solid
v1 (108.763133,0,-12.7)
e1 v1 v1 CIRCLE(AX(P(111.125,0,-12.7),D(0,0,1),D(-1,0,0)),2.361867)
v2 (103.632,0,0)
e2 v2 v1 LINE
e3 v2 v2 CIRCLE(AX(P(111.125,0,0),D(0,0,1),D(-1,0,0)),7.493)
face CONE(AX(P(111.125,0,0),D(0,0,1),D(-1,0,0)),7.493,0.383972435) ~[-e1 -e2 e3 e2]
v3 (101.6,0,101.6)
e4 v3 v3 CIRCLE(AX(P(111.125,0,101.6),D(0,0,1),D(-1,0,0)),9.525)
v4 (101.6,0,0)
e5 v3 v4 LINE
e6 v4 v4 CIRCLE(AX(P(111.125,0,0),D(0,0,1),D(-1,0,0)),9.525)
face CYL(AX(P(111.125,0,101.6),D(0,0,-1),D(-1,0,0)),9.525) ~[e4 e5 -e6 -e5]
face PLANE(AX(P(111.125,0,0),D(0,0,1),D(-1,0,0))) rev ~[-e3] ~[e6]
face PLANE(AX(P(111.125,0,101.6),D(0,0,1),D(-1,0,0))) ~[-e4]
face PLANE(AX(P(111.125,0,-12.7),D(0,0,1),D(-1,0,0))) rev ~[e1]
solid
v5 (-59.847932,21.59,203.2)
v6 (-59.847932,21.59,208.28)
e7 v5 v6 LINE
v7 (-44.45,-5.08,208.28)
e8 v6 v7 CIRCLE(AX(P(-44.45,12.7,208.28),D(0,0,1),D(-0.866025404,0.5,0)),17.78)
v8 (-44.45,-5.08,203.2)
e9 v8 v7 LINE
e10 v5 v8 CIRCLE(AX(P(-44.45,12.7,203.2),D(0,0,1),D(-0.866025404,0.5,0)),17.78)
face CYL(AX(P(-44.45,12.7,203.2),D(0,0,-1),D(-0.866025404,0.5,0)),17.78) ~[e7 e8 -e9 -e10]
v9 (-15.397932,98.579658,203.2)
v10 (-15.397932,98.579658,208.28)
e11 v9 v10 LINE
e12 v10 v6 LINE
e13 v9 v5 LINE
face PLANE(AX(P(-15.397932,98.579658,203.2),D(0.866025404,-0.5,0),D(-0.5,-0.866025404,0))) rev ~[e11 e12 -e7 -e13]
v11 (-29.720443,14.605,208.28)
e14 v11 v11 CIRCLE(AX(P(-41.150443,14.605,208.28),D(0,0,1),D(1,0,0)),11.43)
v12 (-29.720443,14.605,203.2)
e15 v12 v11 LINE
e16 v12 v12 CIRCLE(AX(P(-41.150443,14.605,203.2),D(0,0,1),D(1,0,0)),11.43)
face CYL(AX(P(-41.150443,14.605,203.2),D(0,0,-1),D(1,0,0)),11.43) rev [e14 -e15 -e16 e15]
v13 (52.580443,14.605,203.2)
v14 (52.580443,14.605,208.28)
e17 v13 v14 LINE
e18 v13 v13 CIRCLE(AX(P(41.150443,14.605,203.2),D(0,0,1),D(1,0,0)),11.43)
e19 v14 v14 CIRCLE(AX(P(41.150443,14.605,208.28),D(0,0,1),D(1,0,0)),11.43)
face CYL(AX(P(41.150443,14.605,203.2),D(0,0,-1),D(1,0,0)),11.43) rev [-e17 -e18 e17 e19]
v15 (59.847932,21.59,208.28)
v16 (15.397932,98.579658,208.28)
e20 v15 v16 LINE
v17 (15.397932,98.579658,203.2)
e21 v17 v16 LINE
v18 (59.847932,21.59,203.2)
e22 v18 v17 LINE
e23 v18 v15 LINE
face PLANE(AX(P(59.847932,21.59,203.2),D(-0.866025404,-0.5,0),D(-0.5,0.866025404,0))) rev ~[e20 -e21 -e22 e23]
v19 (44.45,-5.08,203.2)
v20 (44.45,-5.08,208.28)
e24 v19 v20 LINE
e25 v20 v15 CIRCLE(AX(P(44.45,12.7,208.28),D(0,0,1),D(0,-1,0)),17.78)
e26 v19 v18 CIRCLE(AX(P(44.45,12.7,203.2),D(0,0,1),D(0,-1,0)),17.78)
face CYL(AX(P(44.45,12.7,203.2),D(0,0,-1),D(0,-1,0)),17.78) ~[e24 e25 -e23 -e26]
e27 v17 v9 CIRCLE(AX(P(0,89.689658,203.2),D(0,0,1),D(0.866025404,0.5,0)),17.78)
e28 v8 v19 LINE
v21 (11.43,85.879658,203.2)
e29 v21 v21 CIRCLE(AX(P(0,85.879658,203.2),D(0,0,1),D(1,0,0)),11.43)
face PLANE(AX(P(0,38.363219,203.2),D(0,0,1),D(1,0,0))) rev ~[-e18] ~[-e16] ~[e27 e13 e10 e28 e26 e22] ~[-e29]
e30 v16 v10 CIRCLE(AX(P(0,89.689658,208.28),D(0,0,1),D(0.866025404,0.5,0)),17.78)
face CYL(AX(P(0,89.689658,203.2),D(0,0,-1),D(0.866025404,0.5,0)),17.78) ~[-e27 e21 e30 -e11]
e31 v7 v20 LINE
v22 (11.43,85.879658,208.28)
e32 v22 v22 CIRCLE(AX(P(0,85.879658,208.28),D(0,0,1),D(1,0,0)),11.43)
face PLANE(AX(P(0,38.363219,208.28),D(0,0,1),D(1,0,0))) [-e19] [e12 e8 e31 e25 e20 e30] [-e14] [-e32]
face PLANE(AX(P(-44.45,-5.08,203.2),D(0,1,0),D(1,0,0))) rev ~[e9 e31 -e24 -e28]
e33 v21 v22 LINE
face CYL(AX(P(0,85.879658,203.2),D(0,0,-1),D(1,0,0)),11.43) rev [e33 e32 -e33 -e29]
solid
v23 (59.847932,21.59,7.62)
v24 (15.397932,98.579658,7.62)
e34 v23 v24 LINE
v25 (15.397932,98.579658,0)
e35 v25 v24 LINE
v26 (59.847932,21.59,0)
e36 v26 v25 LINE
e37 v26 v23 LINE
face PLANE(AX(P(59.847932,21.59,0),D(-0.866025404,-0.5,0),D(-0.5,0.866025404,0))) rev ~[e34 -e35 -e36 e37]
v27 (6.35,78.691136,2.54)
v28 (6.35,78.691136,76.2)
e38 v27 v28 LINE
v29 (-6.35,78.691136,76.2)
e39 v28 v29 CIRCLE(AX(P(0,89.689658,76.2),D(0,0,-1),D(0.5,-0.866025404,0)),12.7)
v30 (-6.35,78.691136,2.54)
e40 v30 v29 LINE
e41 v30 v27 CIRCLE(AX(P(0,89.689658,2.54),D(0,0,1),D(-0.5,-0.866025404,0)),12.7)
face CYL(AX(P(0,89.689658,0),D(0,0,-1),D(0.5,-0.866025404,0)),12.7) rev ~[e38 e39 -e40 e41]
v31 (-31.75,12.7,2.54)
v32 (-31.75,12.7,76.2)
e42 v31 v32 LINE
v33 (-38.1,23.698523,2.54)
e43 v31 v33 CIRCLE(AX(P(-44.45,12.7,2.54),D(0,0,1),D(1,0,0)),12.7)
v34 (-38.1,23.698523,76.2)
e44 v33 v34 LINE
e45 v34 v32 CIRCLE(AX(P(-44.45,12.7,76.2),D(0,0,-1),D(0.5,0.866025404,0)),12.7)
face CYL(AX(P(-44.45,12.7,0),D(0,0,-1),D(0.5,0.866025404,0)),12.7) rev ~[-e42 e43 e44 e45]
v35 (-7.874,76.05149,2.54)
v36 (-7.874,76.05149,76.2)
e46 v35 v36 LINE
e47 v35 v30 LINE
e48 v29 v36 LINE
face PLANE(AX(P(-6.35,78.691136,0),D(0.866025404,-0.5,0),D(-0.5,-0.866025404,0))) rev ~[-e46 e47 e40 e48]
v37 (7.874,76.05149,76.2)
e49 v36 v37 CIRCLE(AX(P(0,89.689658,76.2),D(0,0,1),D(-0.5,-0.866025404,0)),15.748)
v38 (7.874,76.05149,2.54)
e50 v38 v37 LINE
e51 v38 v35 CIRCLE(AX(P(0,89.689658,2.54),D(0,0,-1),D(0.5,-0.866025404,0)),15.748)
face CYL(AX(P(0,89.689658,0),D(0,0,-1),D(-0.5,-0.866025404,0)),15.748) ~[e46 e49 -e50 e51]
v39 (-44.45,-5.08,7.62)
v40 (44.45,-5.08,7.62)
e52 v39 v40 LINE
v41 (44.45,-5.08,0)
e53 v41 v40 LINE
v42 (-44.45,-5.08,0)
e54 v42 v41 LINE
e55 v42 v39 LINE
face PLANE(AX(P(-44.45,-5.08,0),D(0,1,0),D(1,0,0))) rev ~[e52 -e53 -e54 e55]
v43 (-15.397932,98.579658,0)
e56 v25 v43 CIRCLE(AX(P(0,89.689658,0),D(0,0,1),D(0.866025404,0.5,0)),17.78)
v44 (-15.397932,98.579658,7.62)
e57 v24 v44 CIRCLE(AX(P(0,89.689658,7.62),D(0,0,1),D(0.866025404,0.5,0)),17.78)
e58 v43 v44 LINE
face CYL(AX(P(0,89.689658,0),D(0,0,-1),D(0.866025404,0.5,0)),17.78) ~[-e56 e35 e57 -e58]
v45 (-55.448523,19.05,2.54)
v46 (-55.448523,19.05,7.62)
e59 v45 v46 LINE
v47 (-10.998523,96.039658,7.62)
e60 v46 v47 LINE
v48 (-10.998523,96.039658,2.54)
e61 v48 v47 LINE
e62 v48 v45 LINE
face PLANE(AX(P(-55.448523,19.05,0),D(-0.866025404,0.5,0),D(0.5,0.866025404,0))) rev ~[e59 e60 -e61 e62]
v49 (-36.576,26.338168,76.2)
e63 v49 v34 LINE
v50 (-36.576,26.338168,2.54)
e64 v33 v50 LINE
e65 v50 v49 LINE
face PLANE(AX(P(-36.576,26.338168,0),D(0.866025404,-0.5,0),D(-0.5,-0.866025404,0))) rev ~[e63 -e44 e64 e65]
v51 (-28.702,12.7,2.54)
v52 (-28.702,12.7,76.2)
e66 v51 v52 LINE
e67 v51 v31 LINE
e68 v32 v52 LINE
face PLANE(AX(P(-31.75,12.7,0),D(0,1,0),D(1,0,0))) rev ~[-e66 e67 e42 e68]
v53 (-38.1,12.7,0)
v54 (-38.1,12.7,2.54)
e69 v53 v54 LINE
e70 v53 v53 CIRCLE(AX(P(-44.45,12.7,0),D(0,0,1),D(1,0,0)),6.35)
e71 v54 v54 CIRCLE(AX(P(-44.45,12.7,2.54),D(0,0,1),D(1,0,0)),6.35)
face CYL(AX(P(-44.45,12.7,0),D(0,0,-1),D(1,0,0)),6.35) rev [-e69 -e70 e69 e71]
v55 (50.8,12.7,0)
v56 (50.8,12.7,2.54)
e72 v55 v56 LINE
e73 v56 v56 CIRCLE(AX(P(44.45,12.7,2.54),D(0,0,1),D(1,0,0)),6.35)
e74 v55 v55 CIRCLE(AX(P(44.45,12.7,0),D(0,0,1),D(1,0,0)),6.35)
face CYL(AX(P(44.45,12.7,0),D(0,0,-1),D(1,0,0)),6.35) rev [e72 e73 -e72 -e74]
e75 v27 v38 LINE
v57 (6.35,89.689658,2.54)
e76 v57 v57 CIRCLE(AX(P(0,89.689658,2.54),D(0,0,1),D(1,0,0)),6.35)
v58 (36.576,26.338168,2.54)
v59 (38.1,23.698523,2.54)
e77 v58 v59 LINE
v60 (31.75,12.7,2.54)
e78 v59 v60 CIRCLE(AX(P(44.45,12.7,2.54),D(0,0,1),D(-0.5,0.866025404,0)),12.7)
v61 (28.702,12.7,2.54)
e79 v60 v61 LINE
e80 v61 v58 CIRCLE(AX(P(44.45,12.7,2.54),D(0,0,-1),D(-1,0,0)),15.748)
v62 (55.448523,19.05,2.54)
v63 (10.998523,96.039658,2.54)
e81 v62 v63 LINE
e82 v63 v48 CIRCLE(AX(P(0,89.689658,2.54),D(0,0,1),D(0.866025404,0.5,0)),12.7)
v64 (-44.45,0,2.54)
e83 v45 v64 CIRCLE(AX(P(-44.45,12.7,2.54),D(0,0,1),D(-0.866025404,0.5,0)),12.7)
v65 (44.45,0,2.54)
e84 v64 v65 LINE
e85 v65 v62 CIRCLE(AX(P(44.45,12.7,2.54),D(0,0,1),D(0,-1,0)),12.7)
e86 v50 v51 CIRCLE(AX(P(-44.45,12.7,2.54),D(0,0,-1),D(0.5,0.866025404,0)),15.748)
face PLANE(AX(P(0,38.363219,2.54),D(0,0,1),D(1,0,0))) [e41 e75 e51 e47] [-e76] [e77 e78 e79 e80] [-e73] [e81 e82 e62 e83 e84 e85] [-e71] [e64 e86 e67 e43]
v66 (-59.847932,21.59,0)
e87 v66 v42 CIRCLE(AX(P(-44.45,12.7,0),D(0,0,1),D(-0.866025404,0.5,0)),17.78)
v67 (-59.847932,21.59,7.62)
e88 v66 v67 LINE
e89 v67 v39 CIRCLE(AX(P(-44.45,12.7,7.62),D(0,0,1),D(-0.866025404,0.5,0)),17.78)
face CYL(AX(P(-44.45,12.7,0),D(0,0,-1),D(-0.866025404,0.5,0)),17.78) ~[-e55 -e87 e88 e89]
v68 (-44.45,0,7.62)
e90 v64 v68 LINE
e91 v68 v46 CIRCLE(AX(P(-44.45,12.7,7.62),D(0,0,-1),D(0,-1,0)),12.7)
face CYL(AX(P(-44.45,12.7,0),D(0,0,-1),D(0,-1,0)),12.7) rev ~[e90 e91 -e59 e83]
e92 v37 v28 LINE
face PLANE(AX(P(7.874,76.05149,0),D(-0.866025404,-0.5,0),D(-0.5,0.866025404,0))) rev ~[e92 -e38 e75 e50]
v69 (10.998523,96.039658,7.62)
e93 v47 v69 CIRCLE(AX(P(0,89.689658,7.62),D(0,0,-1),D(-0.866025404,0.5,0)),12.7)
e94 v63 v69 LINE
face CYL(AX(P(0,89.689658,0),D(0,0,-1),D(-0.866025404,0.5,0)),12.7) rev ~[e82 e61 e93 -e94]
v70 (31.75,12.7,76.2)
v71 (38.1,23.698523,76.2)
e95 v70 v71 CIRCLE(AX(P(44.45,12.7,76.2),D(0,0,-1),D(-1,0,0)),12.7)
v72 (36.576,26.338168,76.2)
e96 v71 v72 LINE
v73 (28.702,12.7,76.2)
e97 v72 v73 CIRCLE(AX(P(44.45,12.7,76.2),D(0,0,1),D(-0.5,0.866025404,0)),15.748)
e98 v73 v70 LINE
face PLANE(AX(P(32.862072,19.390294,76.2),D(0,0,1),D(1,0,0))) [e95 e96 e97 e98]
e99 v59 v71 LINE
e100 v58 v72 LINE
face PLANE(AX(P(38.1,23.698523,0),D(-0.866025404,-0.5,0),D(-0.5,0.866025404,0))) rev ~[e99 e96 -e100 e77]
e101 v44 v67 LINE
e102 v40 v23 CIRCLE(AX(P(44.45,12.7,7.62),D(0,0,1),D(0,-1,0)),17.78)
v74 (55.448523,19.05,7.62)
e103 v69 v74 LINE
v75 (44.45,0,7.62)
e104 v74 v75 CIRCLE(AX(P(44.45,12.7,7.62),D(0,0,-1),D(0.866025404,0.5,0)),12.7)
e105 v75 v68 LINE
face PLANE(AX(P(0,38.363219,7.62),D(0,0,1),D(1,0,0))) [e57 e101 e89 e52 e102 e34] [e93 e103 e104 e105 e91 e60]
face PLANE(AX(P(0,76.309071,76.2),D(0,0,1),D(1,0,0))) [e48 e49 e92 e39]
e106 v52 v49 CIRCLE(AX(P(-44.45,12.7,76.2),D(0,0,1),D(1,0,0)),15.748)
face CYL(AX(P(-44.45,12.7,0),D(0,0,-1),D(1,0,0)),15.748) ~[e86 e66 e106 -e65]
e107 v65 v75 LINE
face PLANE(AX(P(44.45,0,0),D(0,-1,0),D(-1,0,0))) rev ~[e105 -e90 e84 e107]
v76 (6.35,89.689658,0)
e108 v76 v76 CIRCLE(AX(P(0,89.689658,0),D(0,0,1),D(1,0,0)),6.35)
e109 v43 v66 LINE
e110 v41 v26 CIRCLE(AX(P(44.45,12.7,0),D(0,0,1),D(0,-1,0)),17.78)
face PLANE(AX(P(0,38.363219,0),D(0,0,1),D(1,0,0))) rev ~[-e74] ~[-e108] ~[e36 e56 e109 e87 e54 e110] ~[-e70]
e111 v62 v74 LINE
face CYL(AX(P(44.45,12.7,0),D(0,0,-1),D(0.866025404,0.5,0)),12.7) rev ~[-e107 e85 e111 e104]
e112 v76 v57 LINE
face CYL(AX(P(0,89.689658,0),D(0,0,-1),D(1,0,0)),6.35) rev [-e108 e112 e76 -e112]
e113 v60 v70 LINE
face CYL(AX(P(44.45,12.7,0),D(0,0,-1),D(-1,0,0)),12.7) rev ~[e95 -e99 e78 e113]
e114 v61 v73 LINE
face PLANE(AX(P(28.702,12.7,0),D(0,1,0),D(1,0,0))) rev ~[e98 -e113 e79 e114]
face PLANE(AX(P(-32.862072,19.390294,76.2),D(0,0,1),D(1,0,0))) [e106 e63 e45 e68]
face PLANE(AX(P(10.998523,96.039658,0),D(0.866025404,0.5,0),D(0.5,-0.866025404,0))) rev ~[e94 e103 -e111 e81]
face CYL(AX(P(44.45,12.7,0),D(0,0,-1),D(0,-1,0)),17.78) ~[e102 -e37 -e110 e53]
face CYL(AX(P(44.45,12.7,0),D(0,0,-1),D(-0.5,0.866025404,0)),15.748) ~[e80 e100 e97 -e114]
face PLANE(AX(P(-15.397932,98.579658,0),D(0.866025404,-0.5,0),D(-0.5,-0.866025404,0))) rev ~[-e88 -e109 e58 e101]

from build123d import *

# Parameters (mm, degrees)
F1_DEPTH = 7.62
F2_DEPTH = 76.2
F0_R     = 6.35
F3_DEPTH = 2.54
F7_R     = 11.43
F8_DEPTH = 5.08


with BuildPart() as f1:
    # F0 (on Top) → F1 (new body)
    with BuildSketch(Plane.XY):
        with BuildLine():
            Line((59.8479316793, 21.59), (15.3979316793, 98.5796583964))
            ThreePointArc((15.3979316793, 98.5796583964), (0, 107.4696583964), (-15.3979316793, 98.5796583964))
            Line((-15.3979316793, 98.5796583964), (-59.8479316793, 21.59))
            ThreePointArc((-59.8479316793, 21.59), (-59.8479316793, 3.81), (-44.45, -5.08))
            Line((-44.45, -5.08), (44.45, -5.08))
            ThreePointArc((44.45, -5.08), (59.8479316793, 3.81), (59.8479316793, 21.59))
        make_face()
        with BuildLine():
            Line((-55.4485226281, 19.05), (-10.9985226281, 96.0396583964))
            ThreePointArc((-10.9985226281, 96.0396583964), (0, 102.3896583964), (10.9985226281, 96.0396583964))
            Line((10.9985226281, 96.0396583964), (55.4485226281, 19.05))
            ThreePointArc((55.4485226281, 19.05), (55.4485226281, 6.35), (44.45, 0))
            Line((44.45, 0), (-44.45, 0))
            ThreePointArc((-44.45, 0), (-55.4485226281, 6.35), (-55.4485226281, 19.05))
        make_face(mode=Mode.SUBTRACT)
    extrude(amount=F1_DEPTH)



with BuildPart() as f2:
    # F0 (on Top) → F2 (new body)
    with BuildSketch(Plane.XY):
        with BuildLine():
            ThreePointArc((6.35, 78.6911357684), (0, 76.9896583964), (-6.35, 78.6911357684))
            Line((-6.35, 78.6911357684), (-7.874, 76.0514903376))
            ThreePointArc((-7.874, 76.0514903376), (0, 73.9416583964), (7.874, 76.0514903376))
            Line((7.874, 76.0514903376), (6.35, 78.6911357684))
        make_face()
    extrude(amount=F2_DEPTH)


with BuildPart() as f2b:
    # F0 (on Top) → F2, piece 2 (new body)
    with BuildSketch(Plane.XY):
        with BuildLine():
            Line((-36.576, 26.3381680588), (-38.1, 23.6985226281))
            ThreePointArc((-38.1, 23.6985226281), (-33.4514773719, 19.05), (-31.75, 12.7))
            Line((-31.75, 12.7), (-28.702, 12.7))
            ThreePointArc((-28.702, 12.7), (-30.8118319412, 20.574), (-36.576, 26.3381680588))
        make_face()
    extrude(amount=F2_DEPTH)


with BuildPart() as f2c:
    # F0 (on Top) → F2, piece 3 (new body)
    with BuildSketch(Plane.XY):
        with BuildLine():
            ThreePointArc((31.75, 12.7), (33.4514773719, 19.05), (38.1, 23.6985226281))
            Line((38.1, 23.6985226281), (36.576, 26.3381680588))
            ThreePointArc((36.576, 26.3381680588), (30.8118319412, 20.574), (28.702, 12.7))
            Line((28.702, 12.7), (31.75, 12.7))
        make_face()
    extrude(amount=F2_DEPTH)


with BuildPart() as f1_1:
    add(f1.part)

    add(f2.part)  # F3 merges F2

    add(f2b.part)  # F3 merges F2b

    add(f2c.part)  # F3 merges F2c
    # F0 (on Top) → F3 (join)
    with BuildSketch(Plane.XY):
        with BuildLine():
            ThreePointArc((10.9985226281, 96.0396583964), (0, 102.3896583964), (-10.9985226281, 96.0396583964))
            Line((-10.9985226281, 96.0396583964), (-55.4485226281, 19.05))
            ThreePointArc((-55.4485226281, 19.05), (-55.4485226281, 6.35), (-44.45, 0))
            Line((-44.45, 0), (44.45, 0))
            ThreePointArc((44.45, 0), (55.4485226281, 6.35), (55.4485226281, 19.05))
            Line((55.4485226281, 19.05), (10.9985226281, 96.0396583964))
        make_face()
        with Locations((-44.45, 12.7)):
            Circle(F0_R, mode=Mode.SUBTRACT)
        with BuildLine():
            ThreePointArc((-31.75, 12.7), (-33.4514773719, 19.05), (-38.1, 23.6985226281))
            Line((-38.1, 23.6985226281), (-36.576, 26.3381680588))
            ThreePointArc((-36.576, 26.3381680588), (-30.8118319412, 20.574), (-28.702, 12.7))
            Line((-28.702, 12.7), (-31.75, 12.7))
        make_face(mode=Mode.SUBTRACT)
        with Locations((44.45, 12.7)):
            Circle(F0_R, mode=Mode.SUBTRACT)
        with BuildLine():
            Line((36.576, 26.3381680588), (38.1, 23.6985226281))
            ThreePointArc((38.1, 23.6985226281), (33.4514773719, 19.05), (31.75, 12.7))
            Line((31.75, 12.7), (28.702, 12.7))
            ThreePointArc((28.702, 12.7), (30.8118319412, 20.574), (36.576, 26.3381680588))
        make_face(mode=Mode.SUBTRACT)
        with BuildLine():
            Line((-7.874, 76.0514903376), (-6.35, 78.6911357684))
            ThreePointArc((-6.35, 78.6911357684), (0, 76.9896583964), (6.35, 78.6911357684))
            Line((6.35, 78.6911357684), (7.874, 76.0514903376))
            ThreePointArc((7.874, 76.0514903376), (0, 73.9416583964), (-7.874, 76.0514903376))
        make_face(mode=Mode.SUBTRACT)
        with Locations((0, 89.6896583964)):
            Circle(F0_R, mode=Mode.SUBTRACT)
    extrude(amount=F3_DEPTH)


with BuildPart() as f5:
    # F4 (on Front) → F5 (revolve)
    with BuildSketch(Plane.XZ):
        Polygon((101.6, 101.6), (101.6, 0), (103.632, 0), (108.7631330681, -12.7), (111.125, -12.7), (111.125, 101.6), align=None)
    revolve(axis=Axis((111.125, 0, 36.0349300282), (0, 0, 1)))


with BuildPart() as f8:
    # F7 (on offset) → F8 (new body)
    with BuildSketch(Plane.XY.offset(203.2)):
        with BuildLine():
            ThreePointArc((15.3979316793, 98.5796583964), (0, 107.4696583964), (-15.3979316793, 98.5796583964))
            Line((-15.3979316793, 98.5796583964), (-59.8479316793, 21.59))
            ThreePointArc((-59.8479316793, 21.59), (-59.8479316793, 3.81), (-44.45, -5.08))
            Line((-44.45, -5.08), (44.45, -5.08))
            ThreePointArc((44.45, -5.08), (59.8479316793, 3.81), (59.8479316793, 21.59))
            Line((59.8479316793, 21.59), (15.3979316793, 98.5796583964))
        make_face()
        with Locations((-41.1504432116, 14.605)):
            Circle(F7_R, mode=Mode.SUBTRACT)
        with Locations((41.1504432116, 14.605)):
            Circle(F7_R, mode=Mode.SUBTRACT)
        with Locations((0, 85.8796583964)):
            Circle(F7_R, mode=Mode.SUBTRACT)
    extrude(amount=F8_DEPTH)


solid = Compound([f1_1.part, f5.part, f8.part])
